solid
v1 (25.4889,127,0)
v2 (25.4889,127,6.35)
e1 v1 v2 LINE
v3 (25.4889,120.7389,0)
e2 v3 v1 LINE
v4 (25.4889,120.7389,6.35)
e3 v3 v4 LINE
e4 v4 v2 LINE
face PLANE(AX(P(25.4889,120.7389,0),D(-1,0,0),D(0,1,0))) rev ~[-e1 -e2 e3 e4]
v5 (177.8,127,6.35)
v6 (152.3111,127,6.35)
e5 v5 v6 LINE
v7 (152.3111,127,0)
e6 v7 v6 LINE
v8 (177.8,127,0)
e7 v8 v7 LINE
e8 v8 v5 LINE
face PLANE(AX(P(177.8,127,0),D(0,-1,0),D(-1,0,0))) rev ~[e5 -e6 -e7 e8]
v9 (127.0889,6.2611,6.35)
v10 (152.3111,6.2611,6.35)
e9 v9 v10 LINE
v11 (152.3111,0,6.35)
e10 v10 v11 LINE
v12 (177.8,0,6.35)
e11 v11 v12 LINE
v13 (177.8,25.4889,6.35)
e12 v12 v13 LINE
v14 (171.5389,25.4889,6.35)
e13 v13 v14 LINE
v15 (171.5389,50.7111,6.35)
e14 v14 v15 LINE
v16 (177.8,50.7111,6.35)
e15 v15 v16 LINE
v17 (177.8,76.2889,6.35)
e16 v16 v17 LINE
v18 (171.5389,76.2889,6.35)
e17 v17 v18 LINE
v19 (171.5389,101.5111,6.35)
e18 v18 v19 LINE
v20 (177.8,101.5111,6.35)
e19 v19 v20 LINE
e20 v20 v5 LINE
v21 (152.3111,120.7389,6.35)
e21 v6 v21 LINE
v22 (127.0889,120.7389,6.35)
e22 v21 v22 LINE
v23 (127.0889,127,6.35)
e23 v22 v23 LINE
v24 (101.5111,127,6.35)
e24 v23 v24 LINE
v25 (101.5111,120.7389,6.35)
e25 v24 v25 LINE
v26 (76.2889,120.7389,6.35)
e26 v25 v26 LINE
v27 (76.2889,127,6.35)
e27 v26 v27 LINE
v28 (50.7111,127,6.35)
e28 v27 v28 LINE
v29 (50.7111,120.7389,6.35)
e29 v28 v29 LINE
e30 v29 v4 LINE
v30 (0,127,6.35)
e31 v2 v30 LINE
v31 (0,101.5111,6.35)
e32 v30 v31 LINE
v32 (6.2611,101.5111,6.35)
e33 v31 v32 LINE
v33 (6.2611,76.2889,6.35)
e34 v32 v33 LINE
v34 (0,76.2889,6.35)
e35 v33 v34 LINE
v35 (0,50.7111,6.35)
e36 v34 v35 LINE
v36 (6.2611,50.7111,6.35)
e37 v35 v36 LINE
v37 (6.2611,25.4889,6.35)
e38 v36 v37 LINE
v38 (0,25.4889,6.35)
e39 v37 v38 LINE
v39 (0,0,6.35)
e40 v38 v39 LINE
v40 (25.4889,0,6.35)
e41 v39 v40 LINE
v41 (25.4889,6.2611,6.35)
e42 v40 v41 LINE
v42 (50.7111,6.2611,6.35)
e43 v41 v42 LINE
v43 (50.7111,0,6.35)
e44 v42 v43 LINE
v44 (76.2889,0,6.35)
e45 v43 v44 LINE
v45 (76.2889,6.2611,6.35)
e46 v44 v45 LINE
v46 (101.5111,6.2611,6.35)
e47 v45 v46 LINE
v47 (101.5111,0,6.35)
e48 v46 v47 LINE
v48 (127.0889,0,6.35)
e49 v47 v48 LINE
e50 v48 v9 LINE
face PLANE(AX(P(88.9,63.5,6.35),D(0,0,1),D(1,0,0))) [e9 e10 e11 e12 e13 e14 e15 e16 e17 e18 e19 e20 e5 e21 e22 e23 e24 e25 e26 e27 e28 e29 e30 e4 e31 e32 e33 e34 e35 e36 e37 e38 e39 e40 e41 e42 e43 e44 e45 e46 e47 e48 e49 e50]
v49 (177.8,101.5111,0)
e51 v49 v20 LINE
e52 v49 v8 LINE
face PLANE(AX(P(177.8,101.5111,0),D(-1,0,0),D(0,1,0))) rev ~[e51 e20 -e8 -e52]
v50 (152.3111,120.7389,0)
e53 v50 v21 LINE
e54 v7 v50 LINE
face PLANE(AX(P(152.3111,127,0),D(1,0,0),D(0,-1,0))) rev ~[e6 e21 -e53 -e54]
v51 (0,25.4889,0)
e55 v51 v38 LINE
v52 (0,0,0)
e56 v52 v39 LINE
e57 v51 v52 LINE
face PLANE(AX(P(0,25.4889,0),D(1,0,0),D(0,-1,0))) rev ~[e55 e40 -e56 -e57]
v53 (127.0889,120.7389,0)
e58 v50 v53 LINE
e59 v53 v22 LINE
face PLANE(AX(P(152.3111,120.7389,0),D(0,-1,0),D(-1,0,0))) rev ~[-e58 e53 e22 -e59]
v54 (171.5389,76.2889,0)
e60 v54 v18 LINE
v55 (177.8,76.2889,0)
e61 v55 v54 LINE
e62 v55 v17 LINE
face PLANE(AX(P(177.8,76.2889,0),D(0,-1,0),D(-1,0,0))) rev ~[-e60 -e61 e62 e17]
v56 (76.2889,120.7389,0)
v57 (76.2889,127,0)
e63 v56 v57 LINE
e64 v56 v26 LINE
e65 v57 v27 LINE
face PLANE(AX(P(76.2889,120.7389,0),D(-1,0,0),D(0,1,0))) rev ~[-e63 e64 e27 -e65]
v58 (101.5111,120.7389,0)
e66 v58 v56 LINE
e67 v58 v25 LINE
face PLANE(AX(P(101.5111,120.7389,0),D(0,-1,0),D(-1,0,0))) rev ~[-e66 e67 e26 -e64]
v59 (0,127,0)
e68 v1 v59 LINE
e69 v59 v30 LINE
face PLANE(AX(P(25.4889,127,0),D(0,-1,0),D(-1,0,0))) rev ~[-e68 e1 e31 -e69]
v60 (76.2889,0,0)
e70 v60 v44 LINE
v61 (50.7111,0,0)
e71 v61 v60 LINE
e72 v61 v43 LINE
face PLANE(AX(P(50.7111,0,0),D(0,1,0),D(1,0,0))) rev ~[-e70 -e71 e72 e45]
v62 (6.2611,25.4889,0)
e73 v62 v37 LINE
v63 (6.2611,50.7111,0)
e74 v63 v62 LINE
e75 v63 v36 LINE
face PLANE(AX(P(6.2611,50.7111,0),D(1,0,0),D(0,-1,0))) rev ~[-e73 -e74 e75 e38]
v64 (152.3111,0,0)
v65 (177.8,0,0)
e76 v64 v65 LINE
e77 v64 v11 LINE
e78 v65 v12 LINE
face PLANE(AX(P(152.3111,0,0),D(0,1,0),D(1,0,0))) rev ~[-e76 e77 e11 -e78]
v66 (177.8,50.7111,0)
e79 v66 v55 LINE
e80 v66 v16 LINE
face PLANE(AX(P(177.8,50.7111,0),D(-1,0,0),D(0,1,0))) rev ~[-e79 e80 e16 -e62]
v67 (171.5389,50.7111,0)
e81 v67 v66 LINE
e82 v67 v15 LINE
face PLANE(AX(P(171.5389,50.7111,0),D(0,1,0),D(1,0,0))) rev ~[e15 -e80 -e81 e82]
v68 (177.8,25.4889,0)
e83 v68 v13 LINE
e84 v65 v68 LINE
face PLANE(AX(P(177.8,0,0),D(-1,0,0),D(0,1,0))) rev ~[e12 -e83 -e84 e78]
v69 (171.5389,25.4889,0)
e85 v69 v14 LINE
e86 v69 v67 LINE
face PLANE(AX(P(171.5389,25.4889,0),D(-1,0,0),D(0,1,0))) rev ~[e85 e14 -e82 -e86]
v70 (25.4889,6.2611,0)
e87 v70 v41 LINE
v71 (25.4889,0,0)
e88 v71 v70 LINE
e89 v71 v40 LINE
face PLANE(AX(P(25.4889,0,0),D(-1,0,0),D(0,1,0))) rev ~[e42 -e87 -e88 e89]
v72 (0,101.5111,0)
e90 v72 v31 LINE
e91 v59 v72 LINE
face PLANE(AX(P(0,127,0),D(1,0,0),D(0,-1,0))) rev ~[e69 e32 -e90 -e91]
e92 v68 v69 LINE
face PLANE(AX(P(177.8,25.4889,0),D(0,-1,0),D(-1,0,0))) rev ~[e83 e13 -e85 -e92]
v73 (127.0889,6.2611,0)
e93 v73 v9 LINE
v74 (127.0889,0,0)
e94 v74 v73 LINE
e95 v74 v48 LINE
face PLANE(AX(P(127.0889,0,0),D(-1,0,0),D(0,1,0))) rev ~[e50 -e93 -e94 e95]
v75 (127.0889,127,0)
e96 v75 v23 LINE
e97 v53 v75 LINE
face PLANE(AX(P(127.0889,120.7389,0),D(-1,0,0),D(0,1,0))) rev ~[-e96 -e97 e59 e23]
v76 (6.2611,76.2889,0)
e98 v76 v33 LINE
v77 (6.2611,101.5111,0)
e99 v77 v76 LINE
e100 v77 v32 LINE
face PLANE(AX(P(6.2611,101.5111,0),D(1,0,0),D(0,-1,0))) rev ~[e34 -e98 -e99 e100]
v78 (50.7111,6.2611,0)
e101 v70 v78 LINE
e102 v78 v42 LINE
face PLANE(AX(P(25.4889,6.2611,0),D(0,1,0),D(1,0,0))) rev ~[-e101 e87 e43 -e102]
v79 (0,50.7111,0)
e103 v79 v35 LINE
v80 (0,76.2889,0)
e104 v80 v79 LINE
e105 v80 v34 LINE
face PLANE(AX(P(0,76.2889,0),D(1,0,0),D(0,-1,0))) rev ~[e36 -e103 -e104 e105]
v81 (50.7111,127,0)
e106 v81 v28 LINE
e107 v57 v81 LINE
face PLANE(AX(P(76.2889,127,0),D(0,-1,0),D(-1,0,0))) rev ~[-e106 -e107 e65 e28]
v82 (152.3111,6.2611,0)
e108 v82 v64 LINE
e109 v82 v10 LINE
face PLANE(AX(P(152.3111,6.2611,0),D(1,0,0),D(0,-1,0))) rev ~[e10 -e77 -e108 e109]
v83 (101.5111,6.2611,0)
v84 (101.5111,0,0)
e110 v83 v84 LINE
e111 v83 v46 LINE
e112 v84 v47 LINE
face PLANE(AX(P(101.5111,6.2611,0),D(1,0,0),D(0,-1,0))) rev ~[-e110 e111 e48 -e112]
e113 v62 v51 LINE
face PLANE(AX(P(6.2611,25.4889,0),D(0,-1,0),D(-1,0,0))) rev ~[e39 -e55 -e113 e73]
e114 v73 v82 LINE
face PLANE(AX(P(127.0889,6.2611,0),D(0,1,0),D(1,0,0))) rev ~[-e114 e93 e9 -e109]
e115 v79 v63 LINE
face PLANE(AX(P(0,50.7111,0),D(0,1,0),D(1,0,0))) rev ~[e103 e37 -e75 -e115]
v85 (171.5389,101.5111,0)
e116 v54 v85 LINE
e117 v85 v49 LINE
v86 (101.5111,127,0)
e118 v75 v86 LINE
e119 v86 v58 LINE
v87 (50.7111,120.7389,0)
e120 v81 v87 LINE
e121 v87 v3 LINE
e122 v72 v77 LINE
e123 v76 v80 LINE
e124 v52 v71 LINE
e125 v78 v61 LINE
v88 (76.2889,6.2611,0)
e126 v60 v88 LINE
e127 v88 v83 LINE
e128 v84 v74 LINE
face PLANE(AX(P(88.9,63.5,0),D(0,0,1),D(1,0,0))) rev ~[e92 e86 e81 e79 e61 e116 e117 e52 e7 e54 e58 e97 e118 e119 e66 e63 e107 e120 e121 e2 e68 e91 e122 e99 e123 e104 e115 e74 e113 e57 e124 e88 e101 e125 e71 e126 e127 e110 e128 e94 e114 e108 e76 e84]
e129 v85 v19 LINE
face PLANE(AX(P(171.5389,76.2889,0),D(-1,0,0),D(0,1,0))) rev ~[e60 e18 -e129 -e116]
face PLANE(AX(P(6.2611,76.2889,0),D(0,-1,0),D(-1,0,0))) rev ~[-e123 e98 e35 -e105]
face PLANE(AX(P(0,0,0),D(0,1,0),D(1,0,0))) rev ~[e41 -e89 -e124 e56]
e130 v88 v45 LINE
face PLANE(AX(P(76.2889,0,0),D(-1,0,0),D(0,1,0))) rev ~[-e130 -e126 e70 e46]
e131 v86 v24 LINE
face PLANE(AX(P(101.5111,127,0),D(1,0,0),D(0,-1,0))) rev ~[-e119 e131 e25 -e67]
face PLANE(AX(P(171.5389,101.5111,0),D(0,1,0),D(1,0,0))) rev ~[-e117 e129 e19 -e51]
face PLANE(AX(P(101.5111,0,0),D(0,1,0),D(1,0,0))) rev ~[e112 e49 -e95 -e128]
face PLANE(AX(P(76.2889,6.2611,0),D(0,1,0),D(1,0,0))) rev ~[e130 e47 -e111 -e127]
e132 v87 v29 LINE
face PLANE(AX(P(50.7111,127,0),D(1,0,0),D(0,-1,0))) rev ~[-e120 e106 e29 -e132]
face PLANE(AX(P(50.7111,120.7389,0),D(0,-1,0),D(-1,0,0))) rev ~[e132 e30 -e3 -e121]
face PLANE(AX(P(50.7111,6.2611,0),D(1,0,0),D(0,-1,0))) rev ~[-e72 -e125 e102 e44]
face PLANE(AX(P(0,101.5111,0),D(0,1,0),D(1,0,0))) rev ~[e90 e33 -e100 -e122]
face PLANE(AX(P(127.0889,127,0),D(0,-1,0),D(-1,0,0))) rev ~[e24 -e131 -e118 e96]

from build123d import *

# Parameters (mm, degrees)
F1_DEPTH = 6.35


with BuildPart() as f1:
    # F0 (on Top) → F1 (new body)
    with BuildSketch(Plane.XY):
        Polygon((0, 25.4889), (0, 0), (25.4889, 0), (25.4889, 6.2611), (50.7111, 6.2611), (50.7111, 0), (76.2889, 0), (76.2889, 6.2611), (101.5111, 6.2611), (101.5111, 0), (127.0889, 0), (127.0889, 6.2611), (152.3111, 6.2611), (152.3111, 0), (177.8, 0), (177.8, 25.4889), (171.5389, 25.4889), (171.5389, 50.7111), (177.8, 50.7111), (177.8, 76.2889), (171.5389, 76.2889), (171.5389, 101.5111), (177.8, 101.5111), (177.8, 127), (152.3111, 127), (152.3111, 120.7389), (127.0889, 120.7389), (127.0889, 127), (101.5111, 127), (101.5111, 120.7389), (76.2889, 120.7389), (76.2889, 127), (50.7111, 127), (50.7111, 120.7389), (25.4889, 120.7389), (25.4889, 127), (0, 127), (0, 101.5111), (6.2611, 101.5111), (6.2611, 76.2889), (0, 76.2889), (0, 50.7111), (6.2611, 50.7111), (6.2611, 25.4889), align=None)
    extrude(amount=F1_DEPTH)


solid = f1.part
